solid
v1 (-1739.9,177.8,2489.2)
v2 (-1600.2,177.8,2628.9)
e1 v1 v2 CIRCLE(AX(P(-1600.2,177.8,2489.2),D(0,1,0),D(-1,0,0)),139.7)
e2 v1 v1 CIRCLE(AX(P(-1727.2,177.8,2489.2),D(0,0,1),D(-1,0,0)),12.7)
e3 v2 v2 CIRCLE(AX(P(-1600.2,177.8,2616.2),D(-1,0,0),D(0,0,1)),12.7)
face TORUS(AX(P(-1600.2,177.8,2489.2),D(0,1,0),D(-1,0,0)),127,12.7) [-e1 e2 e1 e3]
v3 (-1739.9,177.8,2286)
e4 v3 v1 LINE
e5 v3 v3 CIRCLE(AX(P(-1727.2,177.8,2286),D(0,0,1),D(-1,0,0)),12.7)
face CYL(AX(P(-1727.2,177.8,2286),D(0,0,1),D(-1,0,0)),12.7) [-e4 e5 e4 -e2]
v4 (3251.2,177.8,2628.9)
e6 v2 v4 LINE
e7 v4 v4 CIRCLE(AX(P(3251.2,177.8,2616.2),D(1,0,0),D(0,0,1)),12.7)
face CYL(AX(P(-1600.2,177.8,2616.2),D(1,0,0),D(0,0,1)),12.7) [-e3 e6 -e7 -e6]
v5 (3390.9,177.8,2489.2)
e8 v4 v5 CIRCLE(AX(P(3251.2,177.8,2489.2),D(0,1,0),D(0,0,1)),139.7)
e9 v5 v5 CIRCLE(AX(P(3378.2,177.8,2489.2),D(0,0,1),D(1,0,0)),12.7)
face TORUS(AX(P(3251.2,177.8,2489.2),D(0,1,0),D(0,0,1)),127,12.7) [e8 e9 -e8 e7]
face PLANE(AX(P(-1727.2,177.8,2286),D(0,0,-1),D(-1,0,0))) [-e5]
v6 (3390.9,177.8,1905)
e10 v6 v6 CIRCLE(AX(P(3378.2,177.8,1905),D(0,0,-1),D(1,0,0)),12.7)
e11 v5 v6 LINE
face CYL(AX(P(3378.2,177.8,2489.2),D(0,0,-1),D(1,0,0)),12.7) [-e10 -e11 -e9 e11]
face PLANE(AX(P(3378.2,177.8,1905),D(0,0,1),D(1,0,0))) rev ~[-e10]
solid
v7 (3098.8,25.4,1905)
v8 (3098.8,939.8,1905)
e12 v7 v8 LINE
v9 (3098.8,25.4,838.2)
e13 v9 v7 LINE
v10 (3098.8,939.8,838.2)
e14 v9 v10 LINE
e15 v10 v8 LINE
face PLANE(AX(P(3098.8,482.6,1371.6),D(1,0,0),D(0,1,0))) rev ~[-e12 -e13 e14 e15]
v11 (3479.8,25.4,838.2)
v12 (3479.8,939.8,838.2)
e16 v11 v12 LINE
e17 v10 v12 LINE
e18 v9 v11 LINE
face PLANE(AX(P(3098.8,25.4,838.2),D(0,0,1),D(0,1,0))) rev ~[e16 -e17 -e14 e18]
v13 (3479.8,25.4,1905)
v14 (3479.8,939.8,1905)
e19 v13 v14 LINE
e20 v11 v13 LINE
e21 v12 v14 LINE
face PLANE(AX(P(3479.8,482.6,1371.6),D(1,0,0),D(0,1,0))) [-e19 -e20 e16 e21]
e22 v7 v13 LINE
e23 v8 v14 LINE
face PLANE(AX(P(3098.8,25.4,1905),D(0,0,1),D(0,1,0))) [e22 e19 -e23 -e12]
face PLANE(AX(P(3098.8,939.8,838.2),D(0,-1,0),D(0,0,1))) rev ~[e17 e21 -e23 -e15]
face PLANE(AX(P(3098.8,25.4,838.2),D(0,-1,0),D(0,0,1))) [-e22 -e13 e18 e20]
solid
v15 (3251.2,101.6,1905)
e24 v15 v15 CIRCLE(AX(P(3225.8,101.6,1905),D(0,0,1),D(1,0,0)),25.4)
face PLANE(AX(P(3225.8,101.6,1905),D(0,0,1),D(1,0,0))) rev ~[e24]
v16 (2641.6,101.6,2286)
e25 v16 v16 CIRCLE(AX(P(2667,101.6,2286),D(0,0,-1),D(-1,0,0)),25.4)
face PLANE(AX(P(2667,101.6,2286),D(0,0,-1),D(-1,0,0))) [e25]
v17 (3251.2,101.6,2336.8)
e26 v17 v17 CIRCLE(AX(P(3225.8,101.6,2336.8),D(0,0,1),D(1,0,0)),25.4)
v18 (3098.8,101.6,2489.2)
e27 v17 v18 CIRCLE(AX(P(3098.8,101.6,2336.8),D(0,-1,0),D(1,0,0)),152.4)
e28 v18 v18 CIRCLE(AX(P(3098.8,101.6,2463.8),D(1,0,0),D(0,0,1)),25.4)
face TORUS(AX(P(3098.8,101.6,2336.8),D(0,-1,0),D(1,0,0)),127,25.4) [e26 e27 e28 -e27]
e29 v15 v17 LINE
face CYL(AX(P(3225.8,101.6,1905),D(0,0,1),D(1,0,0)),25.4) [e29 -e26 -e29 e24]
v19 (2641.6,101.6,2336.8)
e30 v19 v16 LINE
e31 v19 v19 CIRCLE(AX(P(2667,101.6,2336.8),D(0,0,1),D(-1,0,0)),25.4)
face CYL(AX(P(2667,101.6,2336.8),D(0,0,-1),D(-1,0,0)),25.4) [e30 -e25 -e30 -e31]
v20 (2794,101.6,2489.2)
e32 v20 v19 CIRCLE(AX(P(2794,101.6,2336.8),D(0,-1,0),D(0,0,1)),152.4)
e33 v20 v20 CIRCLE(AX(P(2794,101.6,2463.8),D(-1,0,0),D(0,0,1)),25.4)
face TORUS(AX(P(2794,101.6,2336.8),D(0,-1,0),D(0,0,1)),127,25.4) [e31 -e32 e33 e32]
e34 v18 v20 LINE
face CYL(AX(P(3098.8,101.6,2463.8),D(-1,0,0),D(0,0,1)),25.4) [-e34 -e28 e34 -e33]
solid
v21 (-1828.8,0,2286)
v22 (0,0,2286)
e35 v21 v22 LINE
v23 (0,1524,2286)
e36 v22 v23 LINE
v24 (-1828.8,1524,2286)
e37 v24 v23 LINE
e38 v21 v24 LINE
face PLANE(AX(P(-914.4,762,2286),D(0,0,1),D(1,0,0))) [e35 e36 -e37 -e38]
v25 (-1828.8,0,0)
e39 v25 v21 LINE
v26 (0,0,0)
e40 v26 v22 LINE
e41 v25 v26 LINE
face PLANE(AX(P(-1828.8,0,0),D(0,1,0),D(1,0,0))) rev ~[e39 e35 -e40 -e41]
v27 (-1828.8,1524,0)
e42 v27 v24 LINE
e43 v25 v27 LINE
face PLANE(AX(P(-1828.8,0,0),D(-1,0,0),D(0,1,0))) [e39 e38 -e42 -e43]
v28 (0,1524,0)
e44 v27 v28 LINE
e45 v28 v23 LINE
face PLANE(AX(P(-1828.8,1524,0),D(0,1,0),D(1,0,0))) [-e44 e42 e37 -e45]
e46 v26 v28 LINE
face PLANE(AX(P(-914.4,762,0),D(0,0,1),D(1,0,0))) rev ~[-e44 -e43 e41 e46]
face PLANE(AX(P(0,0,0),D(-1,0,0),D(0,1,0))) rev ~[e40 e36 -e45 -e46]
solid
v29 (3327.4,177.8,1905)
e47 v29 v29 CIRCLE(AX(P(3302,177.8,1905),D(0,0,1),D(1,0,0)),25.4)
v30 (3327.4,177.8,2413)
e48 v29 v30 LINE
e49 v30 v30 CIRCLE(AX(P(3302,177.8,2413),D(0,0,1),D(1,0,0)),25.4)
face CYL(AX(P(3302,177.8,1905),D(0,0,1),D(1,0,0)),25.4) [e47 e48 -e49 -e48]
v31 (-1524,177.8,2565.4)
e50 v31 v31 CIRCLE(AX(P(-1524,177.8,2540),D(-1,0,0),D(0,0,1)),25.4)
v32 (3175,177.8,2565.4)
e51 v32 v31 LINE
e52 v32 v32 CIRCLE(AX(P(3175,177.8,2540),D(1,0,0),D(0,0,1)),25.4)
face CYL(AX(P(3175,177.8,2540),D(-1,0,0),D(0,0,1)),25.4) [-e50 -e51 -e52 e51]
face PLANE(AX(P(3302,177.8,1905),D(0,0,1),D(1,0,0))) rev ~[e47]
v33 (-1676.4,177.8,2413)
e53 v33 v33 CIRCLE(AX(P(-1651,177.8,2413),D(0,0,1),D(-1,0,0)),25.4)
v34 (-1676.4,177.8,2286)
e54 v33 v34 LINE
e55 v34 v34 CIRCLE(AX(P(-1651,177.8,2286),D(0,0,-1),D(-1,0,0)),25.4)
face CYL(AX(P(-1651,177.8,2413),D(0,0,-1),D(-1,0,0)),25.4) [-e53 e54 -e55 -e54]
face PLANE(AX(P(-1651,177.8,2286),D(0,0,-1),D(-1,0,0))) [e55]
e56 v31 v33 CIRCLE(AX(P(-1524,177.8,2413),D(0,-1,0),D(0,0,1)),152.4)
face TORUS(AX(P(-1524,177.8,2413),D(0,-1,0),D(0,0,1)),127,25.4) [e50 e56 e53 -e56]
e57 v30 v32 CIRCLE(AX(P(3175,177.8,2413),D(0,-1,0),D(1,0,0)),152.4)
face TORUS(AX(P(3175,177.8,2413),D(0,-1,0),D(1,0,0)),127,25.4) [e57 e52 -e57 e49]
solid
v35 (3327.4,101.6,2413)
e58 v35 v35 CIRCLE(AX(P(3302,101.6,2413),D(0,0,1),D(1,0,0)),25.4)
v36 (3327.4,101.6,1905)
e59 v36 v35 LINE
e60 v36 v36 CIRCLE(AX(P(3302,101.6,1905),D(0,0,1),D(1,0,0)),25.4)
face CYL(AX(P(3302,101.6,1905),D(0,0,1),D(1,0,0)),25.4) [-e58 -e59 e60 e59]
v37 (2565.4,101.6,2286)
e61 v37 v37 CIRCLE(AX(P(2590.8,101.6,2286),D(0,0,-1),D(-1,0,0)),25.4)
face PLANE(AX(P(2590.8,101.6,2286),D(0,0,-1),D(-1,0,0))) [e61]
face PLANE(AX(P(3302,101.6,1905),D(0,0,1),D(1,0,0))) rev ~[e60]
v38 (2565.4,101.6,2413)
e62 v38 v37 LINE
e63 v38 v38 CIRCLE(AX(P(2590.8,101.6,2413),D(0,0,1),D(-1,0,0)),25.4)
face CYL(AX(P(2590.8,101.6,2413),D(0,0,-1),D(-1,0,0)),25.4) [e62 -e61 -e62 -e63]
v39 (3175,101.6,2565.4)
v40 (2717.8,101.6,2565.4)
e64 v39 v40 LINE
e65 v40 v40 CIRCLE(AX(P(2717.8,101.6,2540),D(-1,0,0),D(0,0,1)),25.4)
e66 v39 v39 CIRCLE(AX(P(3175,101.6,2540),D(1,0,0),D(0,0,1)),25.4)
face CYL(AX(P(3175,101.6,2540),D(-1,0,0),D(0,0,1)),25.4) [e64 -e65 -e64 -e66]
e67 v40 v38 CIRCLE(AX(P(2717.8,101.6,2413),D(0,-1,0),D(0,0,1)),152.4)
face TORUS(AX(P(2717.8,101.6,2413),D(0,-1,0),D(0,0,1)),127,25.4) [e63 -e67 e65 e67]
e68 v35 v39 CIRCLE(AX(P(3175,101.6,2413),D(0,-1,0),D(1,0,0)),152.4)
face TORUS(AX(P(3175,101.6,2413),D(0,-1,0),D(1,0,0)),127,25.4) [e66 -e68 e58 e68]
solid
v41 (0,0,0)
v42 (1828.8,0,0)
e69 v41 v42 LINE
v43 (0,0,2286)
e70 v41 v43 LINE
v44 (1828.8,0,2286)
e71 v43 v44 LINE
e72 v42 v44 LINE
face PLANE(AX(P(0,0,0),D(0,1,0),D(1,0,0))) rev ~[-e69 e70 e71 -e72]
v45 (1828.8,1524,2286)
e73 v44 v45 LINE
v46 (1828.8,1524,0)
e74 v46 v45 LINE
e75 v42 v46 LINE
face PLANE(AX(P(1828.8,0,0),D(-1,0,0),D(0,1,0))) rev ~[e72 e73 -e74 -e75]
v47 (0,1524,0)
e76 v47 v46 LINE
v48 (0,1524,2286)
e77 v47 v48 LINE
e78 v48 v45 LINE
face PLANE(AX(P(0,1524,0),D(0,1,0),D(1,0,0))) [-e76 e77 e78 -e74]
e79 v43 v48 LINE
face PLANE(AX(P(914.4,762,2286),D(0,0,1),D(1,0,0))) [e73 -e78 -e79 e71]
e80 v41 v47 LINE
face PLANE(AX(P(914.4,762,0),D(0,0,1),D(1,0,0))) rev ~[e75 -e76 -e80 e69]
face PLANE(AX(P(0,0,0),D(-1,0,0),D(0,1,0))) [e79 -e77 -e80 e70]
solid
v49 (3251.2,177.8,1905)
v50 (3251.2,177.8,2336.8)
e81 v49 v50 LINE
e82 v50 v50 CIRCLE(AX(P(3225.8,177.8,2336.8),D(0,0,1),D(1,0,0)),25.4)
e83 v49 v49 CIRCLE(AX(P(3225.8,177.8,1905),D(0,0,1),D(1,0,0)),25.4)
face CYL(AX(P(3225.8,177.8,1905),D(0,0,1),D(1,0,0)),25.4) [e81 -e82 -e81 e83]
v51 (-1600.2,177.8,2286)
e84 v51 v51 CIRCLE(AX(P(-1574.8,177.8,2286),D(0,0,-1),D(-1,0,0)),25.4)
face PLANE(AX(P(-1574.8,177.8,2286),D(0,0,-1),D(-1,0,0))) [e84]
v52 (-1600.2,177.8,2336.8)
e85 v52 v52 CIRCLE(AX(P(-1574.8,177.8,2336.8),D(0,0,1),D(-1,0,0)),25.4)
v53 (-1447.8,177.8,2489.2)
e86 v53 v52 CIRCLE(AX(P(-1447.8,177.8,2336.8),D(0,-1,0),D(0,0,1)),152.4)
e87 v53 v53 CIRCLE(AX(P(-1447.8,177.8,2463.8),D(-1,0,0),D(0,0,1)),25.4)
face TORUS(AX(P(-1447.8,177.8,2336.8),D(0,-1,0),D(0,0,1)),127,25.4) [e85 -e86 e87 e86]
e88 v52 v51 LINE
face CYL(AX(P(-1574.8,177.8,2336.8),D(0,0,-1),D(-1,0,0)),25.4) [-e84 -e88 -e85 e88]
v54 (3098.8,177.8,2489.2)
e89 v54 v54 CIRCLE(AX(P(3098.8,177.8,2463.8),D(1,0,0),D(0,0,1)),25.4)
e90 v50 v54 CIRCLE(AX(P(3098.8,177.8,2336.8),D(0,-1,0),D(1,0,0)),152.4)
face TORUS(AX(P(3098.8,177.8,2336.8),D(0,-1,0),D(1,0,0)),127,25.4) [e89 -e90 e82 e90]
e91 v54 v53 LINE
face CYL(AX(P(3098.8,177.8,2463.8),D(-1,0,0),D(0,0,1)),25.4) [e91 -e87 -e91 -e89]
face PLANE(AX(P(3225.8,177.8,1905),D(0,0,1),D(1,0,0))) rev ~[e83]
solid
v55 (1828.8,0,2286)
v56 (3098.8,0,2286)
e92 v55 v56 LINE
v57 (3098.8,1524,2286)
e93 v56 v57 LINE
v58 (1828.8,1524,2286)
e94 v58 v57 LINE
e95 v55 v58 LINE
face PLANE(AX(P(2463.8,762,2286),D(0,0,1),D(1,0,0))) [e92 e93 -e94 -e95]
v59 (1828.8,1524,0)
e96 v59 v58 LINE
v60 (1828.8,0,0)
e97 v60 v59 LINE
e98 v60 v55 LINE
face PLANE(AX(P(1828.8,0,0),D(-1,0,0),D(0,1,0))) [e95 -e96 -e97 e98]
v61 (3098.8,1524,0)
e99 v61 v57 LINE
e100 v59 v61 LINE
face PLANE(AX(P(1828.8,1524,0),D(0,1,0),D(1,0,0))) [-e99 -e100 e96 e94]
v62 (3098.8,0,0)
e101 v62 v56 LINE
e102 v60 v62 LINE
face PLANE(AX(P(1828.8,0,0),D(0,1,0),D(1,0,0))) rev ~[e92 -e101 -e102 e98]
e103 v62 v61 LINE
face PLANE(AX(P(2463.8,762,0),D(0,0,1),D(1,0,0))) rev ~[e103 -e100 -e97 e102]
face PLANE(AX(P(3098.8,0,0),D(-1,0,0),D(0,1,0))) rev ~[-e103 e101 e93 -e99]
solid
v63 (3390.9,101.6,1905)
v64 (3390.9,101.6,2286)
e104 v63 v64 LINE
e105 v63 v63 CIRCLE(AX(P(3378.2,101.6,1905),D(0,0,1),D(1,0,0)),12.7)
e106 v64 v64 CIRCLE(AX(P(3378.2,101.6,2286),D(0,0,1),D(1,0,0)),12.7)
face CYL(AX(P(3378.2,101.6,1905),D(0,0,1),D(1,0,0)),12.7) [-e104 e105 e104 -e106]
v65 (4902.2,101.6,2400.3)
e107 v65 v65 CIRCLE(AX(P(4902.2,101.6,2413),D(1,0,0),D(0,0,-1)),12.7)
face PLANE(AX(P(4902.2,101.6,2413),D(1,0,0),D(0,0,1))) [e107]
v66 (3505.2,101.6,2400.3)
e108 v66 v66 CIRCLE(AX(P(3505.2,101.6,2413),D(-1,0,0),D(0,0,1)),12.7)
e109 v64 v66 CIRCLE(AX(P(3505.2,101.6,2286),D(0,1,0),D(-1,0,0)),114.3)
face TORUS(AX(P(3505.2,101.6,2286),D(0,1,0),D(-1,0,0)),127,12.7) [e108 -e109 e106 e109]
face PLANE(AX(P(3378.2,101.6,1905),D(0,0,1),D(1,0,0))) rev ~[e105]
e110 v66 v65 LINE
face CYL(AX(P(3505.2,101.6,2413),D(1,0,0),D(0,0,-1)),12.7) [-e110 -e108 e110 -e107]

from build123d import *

# Parameters (mm, degrees)
F0_W     = 1828.8
F0_H     = 1524
F2_DEPTH = 2286
F1_W     = 1828.8
F1_H     = 1524
F1_W_2   = 1270
F3_W     = 914.4
F3_H     = 1066.8
F4_DEPTH = 381
F7_R     = 25.4
F7_R_2   = 12.7
F13_R    = 25.4
F13_R_2  = 12.7


with BuildPart() as f2:
    # F0 (on Top) → F2 (new body)
    with BuildSketch(Plane.XY):
        with Locations((914.4, 762)):
            Rectangle(F0_W, F0_H)
    extrude(amount=F2_DEPTH)


with BuildPart() as f2b:
    # F1 (on Top) → F2, piece 2 (new body)
    with BuildSketch(Plane.XY):
        with Locations((-914.4, 762)):
            Rectangle(F1_W, F1_H)
    extrude(amount=F2_DEPTH)


with BuildPart() as f2c:
    # F1 (on Top) → F2, piece 3 (new body)
    with BuildSketch(Plane.XY):
        with Locations((2463.8, 762)):
            Rectangle(F1_W_2, F1_H)
    extrude(amount=F2_DEPTH)


with BuildPart() as f4:
    # F3 (on face) → F4 (new body)
    with BuildSketch(Plane.YZ.offset(3098.8)):
        with Locations((482.6, 1371.6)):
            Rectangle(F3_W, F3_H)
    extrude(amount=F4_DEPTH)


with BuildPart() as f8:
    # F8: sweep along a path in F6
    with BuildLine(Plane.XZ.offset(-101.6)) as f8_path:
        Line((3302, 1905), (3302, 2413))
        ThreePointArc((3302, 2413), (3264.8025612107, 2502.8025612107), (3175, 2540))
        Line((3175, 2540), (2717.8, 2540))
        ThreePointArc((2717.8, 2540), (2627.9974387893, 2502.8025612107), (2590.8, 2413))
        Line((2590.8, 2413), (2590.8, 2286))
    # F7 (on face) → F8 (sweep)
    with BuildSketch(Plane.XY.offset(1905)):
        with Locations((3302, 101.6)):
            Circle(F7_R)
    sweep(path=f8_path.line)


with BuildPart() as f9:
    # F9: sweep along a path in F6
    with BuildLine(Plane.XZ.offset(-101.6)) as f9_path:
        Line((3225.8, 1905), (3225.8, 2336.8))
        ThreePointArc((3225.8, 2336.8), (3188.6025612107, 2426.6025612107), (3098.8, 2463.8))
        Line((3098.8, 2463.8), (2794, 2463.8))
        ThreePointArc((2794, 2463.8), (2704.1974387893, 2426.6025612107), (2667, 2336.8))
        Line((2667, 2336.8), (2667, 2286))
    # F7 (on face) → F9 (sweep)
    with BuildSketch(Plane.XY.offset(1905)):
        with Locations((3225.8, 101.6)):
            Circle(F7_R)
    sweep(path=f9_path.line)


with BuildPart() as f10:
    # F10: sweep along a path in F6
    with BuildLine(Plane.XZ.offset(-101.6)) as f10_path:
        Line((3378.2, 1905), (3378.2, 2286))
        ThreePointArc((3378.2, 2286), (3415.3974387893, 2375.8025612107), (3505.2, 2413))
        Line((3505.2, 2413), (4902.2, 2413))
    # F7 (on face) → F10 (sweep)
    with BuildSketch(Plane.XY.offset(1905)):
        with Locations((3378.2, 101.6)):
            Circle(F7_R_2)
    sweep(path=f10_path.line)


with BuildPart() as f14:
    # F14: sweep along a path in F12
    with BuildLine(Plane.XZ.offset(-177.8)) as f14_path:
        Line((3302, 1905), (3302, 2413))
        ThreePointArc((3302, 2413), (3264.8025612107, 2502.8025612107), (3175, 2540))
        Line((3175, 2540), (-1524, 2540))
        ThreePointArc((-1524, 2540), (-1613.8025612107, 2502.8025612107), (-1651, 2413))
        Line((-1651, 2413), (-1651, 2286))
    # F13 (on face) → F14 (sweep)
    with BuildSketch(Plane.XY.offset(1905)):
        with Locations((3302, 177.8)):
            Circle(F13_R)
    sweep(path=f14_path.line)


with BuildPart() as f15:
    # F15: sweep along a path in F12
    with BuildLine(Plane.XZ.offset(-177.8)) as f15_path:
        Line((-1727.2, 2286), (-1727.2, 2489.2))
        ThreePointArc((-1727.2, 2489.2), (-1690.0025612107, 2579.0025612107), (-1600.2, 2616.2))
        Line((-1600.2, 2616.2), (3251.2, 2616.2))
        ThreePointArc((3251.2, 2616.2), (3341.0025612107, 2579.0025612107), (3378.2, 2489.2))
        Line((3378.2, 2489.2), (3378.2, 1905))
    # F13 (on face) → F15 (sweep)
    with BuildSketch(Plane.XY.offset(1905)):
        with Locations((3378.2, 177.8)):
            Circle(F13_R_2)
    sweep(path=f15_path.line)


with BuildPart() as f16:
    # F16: sweep along a path in F12
    with BuildLine(Plane.XZ.offset(-177.8)) as f16_path:
        Line((3225.8, 1905), (3225.8, 2336.8))
        ThreePointArc((3225.8, 2336.8), (3188.6025612107, 2426.6025612107), (3098.8, 2463.8))
        Line((3098.8, 2463.8), (-1447.8, 2463.8))
        ThreePointArc((-1447.8, 2463.8), (-1537.6025612107, 2426.6025612107), (-1574.8, 2336.8))
        Line((-1574.8, 2336.8), (-1574.8, 2286))
    # F13 (on face) → F16 (sweep)
    with BuildSketch(Plane.XY.offset(1905)):
        with Locations((3225.8, 177.8)):
            Circle(F13_R)
    sweep(path=f16_path.line)


solid = Compound([f2.part, f2b.part, f2c.part, f4.part, f8.part, f9.part, f10.part, f14.part, f15.part, f16.part])
